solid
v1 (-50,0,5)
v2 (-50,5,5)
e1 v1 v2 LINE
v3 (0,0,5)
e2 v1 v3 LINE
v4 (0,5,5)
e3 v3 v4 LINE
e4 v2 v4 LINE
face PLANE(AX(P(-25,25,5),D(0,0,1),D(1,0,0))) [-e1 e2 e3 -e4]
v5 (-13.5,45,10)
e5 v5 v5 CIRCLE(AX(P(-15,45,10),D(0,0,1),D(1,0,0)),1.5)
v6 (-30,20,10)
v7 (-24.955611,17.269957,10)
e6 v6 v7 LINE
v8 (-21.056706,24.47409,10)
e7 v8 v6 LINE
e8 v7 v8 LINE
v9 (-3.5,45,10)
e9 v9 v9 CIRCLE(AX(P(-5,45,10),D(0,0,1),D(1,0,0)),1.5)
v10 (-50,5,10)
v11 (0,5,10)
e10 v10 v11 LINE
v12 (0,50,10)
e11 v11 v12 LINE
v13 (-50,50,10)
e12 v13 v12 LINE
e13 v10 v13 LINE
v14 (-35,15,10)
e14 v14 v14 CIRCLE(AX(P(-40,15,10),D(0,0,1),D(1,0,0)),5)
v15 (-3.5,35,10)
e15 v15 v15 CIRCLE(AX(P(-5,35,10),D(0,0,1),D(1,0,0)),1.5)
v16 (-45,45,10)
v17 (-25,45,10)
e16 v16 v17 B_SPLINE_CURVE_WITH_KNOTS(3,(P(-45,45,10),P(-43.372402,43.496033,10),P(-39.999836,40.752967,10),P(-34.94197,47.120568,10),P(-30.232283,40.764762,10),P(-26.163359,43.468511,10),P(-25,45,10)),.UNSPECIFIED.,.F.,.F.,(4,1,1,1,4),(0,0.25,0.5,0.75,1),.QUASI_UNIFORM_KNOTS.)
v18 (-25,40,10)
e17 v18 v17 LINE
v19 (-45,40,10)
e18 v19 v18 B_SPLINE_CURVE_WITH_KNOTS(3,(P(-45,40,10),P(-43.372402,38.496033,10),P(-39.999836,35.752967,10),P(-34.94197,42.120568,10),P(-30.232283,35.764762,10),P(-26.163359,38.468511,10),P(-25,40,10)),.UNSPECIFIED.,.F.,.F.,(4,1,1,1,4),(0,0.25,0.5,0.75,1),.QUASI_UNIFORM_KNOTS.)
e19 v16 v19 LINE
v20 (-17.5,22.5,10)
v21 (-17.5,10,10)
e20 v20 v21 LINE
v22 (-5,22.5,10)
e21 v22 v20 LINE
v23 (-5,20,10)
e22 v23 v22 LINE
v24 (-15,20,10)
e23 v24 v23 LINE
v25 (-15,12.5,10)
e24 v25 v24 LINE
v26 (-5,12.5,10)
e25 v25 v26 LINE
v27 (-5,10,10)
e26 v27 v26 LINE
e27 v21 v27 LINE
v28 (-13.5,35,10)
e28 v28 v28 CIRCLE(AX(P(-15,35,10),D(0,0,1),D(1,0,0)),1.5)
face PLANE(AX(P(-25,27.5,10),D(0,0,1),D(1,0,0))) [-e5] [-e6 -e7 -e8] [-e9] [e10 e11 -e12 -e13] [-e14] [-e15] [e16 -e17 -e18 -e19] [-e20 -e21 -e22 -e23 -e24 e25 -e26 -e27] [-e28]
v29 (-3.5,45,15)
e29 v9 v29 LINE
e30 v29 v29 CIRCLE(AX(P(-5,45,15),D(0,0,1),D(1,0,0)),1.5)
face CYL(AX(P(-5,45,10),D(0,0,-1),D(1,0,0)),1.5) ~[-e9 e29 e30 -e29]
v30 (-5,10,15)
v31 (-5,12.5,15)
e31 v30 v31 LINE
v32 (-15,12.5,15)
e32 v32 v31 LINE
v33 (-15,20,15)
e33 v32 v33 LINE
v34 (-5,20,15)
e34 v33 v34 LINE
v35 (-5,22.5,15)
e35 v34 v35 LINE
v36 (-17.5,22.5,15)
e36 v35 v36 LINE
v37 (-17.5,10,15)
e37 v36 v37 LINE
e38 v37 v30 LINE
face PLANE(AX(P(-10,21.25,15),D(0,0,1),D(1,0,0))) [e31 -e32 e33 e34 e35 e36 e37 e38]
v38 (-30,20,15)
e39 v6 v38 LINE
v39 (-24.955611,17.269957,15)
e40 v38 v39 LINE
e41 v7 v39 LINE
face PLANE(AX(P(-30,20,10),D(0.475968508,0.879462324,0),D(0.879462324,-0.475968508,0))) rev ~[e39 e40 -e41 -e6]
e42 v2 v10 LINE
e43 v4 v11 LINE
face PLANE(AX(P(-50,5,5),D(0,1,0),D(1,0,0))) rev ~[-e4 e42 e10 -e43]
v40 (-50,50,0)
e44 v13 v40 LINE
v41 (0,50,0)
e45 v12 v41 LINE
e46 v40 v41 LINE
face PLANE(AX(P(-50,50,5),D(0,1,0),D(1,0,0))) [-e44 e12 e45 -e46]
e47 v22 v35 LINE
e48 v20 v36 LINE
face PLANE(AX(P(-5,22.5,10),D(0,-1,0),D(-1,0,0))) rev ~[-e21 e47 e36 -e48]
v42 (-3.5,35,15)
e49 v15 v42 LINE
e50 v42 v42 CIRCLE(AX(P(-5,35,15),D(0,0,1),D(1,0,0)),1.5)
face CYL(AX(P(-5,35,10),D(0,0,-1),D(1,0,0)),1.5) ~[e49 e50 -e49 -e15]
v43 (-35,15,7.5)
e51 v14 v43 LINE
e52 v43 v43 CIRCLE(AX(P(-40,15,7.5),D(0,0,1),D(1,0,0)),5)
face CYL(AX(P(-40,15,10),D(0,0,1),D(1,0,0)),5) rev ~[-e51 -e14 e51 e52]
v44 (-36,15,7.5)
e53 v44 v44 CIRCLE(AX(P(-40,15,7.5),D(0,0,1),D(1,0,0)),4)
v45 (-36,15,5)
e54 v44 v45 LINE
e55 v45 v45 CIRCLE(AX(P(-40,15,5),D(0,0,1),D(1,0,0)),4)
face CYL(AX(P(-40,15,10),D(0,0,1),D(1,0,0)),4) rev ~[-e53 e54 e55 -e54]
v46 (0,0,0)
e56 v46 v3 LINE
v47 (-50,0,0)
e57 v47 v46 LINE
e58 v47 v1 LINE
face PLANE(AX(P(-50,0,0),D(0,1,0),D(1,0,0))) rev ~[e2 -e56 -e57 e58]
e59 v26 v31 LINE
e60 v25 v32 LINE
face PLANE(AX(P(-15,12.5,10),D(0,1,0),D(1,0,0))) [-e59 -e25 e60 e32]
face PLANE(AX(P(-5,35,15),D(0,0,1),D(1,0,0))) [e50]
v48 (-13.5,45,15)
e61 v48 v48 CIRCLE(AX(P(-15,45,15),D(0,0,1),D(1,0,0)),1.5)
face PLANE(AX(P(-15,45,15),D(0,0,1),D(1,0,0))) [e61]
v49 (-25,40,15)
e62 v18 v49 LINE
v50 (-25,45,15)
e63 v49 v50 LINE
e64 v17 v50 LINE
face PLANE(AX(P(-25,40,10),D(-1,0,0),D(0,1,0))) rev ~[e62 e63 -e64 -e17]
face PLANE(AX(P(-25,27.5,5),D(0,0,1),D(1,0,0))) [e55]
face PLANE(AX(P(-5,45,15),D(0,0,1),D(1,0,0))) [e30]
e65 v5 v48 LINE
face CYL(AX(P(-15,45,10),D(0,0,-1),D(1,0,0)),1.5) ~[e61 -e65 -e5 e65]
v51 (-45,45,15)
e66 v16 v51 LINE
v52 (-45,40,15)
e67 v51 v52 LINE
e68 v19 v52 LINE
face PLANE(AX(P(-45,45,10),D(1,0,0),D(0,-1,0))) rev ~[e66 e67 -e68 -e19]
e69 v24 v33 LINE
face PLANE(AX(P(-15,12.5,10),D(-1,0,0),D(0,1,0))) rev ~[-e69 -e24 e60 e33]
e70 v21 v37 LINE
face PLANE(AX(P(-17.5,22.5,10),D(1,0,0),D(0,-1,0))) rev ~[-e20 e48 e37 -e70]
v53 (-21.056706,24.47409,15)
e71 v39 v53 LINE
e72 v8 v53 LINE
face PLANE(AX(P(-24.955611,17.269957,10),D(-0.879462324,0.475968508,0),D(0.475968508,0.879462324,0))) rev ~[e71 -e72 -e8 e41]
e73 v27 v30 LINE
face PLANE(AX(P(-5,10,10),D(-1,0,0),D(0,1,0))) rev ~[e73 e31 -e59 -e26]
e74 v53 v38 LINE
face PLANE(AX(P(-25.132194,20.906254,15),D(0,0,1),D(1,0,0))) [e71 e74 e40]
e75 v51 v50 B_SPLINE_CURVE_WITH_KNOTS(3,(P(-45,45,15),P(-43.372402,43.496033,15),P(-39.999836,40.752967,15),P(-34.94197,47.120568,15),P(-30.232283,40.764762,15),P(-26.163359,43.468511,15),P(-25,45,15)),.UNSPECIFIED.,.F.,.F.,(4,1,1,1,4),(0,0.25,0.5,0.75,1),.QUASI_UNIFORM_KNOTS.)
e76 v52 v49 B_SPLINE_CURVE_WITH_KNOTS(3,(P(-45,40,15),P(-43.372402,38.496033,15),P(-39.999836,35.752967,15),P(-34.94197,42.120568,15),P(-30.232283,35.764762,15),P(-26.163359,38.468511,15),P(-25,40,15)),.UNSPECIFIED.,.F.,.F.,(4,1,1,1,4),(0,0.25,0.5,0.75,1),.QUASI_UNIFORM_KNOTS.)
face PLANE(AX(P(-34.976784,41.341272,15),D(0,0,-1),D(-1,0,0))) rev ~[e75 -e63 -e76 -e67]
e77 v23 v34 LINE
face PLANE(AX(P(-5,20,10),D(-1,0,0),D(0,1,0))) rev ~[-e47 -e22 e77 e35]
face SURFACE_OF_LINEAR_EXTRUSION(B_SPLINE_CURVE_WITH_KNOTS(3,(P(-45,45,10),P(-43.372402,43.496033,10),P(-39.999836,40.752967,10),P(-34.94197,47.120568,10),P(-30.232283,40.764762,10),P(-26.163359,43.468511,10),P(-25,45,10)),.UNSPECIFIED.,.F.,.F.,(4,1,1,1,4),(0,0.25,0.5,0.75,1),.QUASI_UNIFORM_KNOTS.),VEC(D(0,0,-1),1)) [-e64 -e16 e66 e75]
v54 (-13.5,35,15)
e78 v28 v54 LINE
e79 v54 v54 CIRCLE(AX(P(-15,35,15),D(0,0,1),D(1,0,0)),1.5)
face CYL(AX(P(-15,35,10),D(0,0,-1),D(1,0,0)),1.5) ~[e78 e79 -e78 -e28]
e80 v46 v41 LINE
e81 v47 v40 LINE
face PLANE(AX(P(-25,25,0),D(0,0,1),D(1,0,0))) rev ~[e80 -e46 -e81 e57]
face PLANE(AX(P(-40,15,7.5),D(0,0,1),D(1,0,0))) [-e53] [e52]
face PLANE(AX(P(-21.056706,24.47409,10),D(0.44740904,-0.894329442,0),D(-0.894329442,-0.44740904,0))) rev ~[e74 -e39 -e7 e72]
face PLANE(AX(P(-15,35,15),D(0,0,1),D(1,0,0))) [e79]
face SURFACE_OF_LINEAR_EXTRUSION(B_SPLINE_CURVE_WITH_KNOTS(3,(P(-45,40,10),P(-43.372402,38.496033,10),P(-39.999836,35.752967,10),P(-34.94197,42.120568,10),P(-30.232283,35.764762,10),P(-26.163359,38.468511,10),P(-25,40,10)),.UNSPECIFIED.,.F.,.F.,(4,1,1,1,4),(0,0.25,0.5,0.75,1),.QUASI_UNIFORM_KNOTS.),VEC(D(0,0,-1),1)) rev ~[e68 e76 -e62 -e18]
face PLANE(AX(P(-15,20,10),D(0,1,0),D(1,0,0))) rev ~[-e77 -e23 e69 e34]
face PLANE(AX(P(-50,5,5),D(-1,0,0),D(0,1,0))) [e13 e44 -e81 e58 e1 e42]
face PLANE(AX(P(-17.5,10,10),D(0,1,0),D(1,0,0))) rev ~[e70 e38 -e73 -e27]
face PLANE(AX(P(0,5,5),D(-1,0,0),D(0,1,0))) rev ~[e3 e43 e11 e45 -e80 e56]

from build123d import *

# Parameters (mm, degrees)
F0_W      = 50
F0_H      = 50
F1_DEPTH  = 5
F2_W      = 50
F2_H      = 45
F3_DEPTH  = 5
F4_R      = 5
F4_R_2    = 4
F5_DEPTH  = 2.5
F6_DEPTH  = 5
F7_R      = 1.5
F8_DEPTH  = 5
F10_DEPTH = 5
F12_DEPTH = 5
F13_W     = 10
F13_H     = 2.5
F14_DEPTH = 5


with BuildPart() as f1:
    # F0 (on Top) → F1 (new body)
    with BuildSketch(Plane.XY):
        with Locations((-25, 25)):
            Rectangle(F0_W, F0_H)
    extrude(amount=F1_DEPTH)

    # F2 (on face) → F3 (join)
    with BuildSketch(Plane.XY.offset(5)):
        with Locations((-25, 27.5)):
            Rectangle(F2_W, F2_H)
    extrude(amount=F3_DEPTH)

    # F4 (on face) → F5 (cut)
    with BuildSketch(Plane.XY.offset(10)):
        with Locations((-40, 15)):
            Circle(F4_R)
        with Locations((-40, 15)):
            Circle(F4_R_2, mode=Mode.SUBTRACT)
    extrude(amount=-F5_DEPTH, mode=Mode.SUBTRACT)

    # F6 (cut): a face of the model
    f6_faces = [f1.faces().sort_by_distance(p)[0] for p in [
        (-40, 15, 10),
    ]]
    extrude(f6_faces, amount=-F6_DEPTH, mode=Mode.SUBTRACT)

    # F7 (on face) → F8 (join)
    with BuildSketch(Plane.XY.offset(10)):
        with Locations((-15, 35)):
            Circle(F7_R)
        with Locations((-5, 35)):
            Circle(F7_R)
        with Locations((-15, 45)):
            Circle(F7_R)
        with Locations((-5, 45)):
            Circle(F7_R)
    extrude(amount=F8_DEPTH)

    # F9 (on face) → F10 (join)
    with BuildSketch(Plane.XY.offset(10)):
        with BuildLine():
            add(Edge.make_bspline(
                [(-45, 45), (-43.3724021193, 43.4960327946), (-39.9998361972, 40.752966518), (-34.9419701311, 47.120567995), (-30.2322832786, 40.764761502), (-26.1633589291, 43.4685111653), (-25, 45)],
                knots=[0, 0, 0, 0, 0.25, 0.5, 0.75, 1, 1, 1, 1], degree=3))
            Line((-45, 45), (-45, 40))
            add(Edge.make_bspline(
                [(-45, 40), (-43.3724021193, 38.4960327946), (-39.9998361972, 35.752966518), (-34.9419701311, 42.120567995), (-30.2322832786, 35.764761502), (-26.1633589291, 38.4685111653), (-25, 40)],
                knots=[0, 0, 0, 0, 0.25, 0.5, 0.75, 1, 1, 1, 1], degree=3))
            Line((-25, 40), (-25, 45))
        make_face()
    extrude(amount=F10_DEPTH)

    # F11 (on face) → F12 (join)
    with BuildSketch(Plane.XY.offset(10)):
        Polygon((-21.0567055787, 24.4740903986), (-30, 20), (-24.9556113431, 17.269956793), align=None)
    extrude(amount=F12_DEPTH)

    # F13 (on face) → F14 (join)
    with BuildSketch(Plane.XY.offset(10)):
        with Locations((-10, 21.25)):
            Rectangle(F13_W, F13_H)
        Polygon((-15, 10), (-15, 12.5), (-15, 20), (-15, 22.5), (-17.5, 22.5), (-17.5, 10), align=None)
        with Locations((-10, 11.25)):
            Rectangle(F13_W, F13_H)
    extrude(amount=F14_DEPTH)


solid = f1.part
